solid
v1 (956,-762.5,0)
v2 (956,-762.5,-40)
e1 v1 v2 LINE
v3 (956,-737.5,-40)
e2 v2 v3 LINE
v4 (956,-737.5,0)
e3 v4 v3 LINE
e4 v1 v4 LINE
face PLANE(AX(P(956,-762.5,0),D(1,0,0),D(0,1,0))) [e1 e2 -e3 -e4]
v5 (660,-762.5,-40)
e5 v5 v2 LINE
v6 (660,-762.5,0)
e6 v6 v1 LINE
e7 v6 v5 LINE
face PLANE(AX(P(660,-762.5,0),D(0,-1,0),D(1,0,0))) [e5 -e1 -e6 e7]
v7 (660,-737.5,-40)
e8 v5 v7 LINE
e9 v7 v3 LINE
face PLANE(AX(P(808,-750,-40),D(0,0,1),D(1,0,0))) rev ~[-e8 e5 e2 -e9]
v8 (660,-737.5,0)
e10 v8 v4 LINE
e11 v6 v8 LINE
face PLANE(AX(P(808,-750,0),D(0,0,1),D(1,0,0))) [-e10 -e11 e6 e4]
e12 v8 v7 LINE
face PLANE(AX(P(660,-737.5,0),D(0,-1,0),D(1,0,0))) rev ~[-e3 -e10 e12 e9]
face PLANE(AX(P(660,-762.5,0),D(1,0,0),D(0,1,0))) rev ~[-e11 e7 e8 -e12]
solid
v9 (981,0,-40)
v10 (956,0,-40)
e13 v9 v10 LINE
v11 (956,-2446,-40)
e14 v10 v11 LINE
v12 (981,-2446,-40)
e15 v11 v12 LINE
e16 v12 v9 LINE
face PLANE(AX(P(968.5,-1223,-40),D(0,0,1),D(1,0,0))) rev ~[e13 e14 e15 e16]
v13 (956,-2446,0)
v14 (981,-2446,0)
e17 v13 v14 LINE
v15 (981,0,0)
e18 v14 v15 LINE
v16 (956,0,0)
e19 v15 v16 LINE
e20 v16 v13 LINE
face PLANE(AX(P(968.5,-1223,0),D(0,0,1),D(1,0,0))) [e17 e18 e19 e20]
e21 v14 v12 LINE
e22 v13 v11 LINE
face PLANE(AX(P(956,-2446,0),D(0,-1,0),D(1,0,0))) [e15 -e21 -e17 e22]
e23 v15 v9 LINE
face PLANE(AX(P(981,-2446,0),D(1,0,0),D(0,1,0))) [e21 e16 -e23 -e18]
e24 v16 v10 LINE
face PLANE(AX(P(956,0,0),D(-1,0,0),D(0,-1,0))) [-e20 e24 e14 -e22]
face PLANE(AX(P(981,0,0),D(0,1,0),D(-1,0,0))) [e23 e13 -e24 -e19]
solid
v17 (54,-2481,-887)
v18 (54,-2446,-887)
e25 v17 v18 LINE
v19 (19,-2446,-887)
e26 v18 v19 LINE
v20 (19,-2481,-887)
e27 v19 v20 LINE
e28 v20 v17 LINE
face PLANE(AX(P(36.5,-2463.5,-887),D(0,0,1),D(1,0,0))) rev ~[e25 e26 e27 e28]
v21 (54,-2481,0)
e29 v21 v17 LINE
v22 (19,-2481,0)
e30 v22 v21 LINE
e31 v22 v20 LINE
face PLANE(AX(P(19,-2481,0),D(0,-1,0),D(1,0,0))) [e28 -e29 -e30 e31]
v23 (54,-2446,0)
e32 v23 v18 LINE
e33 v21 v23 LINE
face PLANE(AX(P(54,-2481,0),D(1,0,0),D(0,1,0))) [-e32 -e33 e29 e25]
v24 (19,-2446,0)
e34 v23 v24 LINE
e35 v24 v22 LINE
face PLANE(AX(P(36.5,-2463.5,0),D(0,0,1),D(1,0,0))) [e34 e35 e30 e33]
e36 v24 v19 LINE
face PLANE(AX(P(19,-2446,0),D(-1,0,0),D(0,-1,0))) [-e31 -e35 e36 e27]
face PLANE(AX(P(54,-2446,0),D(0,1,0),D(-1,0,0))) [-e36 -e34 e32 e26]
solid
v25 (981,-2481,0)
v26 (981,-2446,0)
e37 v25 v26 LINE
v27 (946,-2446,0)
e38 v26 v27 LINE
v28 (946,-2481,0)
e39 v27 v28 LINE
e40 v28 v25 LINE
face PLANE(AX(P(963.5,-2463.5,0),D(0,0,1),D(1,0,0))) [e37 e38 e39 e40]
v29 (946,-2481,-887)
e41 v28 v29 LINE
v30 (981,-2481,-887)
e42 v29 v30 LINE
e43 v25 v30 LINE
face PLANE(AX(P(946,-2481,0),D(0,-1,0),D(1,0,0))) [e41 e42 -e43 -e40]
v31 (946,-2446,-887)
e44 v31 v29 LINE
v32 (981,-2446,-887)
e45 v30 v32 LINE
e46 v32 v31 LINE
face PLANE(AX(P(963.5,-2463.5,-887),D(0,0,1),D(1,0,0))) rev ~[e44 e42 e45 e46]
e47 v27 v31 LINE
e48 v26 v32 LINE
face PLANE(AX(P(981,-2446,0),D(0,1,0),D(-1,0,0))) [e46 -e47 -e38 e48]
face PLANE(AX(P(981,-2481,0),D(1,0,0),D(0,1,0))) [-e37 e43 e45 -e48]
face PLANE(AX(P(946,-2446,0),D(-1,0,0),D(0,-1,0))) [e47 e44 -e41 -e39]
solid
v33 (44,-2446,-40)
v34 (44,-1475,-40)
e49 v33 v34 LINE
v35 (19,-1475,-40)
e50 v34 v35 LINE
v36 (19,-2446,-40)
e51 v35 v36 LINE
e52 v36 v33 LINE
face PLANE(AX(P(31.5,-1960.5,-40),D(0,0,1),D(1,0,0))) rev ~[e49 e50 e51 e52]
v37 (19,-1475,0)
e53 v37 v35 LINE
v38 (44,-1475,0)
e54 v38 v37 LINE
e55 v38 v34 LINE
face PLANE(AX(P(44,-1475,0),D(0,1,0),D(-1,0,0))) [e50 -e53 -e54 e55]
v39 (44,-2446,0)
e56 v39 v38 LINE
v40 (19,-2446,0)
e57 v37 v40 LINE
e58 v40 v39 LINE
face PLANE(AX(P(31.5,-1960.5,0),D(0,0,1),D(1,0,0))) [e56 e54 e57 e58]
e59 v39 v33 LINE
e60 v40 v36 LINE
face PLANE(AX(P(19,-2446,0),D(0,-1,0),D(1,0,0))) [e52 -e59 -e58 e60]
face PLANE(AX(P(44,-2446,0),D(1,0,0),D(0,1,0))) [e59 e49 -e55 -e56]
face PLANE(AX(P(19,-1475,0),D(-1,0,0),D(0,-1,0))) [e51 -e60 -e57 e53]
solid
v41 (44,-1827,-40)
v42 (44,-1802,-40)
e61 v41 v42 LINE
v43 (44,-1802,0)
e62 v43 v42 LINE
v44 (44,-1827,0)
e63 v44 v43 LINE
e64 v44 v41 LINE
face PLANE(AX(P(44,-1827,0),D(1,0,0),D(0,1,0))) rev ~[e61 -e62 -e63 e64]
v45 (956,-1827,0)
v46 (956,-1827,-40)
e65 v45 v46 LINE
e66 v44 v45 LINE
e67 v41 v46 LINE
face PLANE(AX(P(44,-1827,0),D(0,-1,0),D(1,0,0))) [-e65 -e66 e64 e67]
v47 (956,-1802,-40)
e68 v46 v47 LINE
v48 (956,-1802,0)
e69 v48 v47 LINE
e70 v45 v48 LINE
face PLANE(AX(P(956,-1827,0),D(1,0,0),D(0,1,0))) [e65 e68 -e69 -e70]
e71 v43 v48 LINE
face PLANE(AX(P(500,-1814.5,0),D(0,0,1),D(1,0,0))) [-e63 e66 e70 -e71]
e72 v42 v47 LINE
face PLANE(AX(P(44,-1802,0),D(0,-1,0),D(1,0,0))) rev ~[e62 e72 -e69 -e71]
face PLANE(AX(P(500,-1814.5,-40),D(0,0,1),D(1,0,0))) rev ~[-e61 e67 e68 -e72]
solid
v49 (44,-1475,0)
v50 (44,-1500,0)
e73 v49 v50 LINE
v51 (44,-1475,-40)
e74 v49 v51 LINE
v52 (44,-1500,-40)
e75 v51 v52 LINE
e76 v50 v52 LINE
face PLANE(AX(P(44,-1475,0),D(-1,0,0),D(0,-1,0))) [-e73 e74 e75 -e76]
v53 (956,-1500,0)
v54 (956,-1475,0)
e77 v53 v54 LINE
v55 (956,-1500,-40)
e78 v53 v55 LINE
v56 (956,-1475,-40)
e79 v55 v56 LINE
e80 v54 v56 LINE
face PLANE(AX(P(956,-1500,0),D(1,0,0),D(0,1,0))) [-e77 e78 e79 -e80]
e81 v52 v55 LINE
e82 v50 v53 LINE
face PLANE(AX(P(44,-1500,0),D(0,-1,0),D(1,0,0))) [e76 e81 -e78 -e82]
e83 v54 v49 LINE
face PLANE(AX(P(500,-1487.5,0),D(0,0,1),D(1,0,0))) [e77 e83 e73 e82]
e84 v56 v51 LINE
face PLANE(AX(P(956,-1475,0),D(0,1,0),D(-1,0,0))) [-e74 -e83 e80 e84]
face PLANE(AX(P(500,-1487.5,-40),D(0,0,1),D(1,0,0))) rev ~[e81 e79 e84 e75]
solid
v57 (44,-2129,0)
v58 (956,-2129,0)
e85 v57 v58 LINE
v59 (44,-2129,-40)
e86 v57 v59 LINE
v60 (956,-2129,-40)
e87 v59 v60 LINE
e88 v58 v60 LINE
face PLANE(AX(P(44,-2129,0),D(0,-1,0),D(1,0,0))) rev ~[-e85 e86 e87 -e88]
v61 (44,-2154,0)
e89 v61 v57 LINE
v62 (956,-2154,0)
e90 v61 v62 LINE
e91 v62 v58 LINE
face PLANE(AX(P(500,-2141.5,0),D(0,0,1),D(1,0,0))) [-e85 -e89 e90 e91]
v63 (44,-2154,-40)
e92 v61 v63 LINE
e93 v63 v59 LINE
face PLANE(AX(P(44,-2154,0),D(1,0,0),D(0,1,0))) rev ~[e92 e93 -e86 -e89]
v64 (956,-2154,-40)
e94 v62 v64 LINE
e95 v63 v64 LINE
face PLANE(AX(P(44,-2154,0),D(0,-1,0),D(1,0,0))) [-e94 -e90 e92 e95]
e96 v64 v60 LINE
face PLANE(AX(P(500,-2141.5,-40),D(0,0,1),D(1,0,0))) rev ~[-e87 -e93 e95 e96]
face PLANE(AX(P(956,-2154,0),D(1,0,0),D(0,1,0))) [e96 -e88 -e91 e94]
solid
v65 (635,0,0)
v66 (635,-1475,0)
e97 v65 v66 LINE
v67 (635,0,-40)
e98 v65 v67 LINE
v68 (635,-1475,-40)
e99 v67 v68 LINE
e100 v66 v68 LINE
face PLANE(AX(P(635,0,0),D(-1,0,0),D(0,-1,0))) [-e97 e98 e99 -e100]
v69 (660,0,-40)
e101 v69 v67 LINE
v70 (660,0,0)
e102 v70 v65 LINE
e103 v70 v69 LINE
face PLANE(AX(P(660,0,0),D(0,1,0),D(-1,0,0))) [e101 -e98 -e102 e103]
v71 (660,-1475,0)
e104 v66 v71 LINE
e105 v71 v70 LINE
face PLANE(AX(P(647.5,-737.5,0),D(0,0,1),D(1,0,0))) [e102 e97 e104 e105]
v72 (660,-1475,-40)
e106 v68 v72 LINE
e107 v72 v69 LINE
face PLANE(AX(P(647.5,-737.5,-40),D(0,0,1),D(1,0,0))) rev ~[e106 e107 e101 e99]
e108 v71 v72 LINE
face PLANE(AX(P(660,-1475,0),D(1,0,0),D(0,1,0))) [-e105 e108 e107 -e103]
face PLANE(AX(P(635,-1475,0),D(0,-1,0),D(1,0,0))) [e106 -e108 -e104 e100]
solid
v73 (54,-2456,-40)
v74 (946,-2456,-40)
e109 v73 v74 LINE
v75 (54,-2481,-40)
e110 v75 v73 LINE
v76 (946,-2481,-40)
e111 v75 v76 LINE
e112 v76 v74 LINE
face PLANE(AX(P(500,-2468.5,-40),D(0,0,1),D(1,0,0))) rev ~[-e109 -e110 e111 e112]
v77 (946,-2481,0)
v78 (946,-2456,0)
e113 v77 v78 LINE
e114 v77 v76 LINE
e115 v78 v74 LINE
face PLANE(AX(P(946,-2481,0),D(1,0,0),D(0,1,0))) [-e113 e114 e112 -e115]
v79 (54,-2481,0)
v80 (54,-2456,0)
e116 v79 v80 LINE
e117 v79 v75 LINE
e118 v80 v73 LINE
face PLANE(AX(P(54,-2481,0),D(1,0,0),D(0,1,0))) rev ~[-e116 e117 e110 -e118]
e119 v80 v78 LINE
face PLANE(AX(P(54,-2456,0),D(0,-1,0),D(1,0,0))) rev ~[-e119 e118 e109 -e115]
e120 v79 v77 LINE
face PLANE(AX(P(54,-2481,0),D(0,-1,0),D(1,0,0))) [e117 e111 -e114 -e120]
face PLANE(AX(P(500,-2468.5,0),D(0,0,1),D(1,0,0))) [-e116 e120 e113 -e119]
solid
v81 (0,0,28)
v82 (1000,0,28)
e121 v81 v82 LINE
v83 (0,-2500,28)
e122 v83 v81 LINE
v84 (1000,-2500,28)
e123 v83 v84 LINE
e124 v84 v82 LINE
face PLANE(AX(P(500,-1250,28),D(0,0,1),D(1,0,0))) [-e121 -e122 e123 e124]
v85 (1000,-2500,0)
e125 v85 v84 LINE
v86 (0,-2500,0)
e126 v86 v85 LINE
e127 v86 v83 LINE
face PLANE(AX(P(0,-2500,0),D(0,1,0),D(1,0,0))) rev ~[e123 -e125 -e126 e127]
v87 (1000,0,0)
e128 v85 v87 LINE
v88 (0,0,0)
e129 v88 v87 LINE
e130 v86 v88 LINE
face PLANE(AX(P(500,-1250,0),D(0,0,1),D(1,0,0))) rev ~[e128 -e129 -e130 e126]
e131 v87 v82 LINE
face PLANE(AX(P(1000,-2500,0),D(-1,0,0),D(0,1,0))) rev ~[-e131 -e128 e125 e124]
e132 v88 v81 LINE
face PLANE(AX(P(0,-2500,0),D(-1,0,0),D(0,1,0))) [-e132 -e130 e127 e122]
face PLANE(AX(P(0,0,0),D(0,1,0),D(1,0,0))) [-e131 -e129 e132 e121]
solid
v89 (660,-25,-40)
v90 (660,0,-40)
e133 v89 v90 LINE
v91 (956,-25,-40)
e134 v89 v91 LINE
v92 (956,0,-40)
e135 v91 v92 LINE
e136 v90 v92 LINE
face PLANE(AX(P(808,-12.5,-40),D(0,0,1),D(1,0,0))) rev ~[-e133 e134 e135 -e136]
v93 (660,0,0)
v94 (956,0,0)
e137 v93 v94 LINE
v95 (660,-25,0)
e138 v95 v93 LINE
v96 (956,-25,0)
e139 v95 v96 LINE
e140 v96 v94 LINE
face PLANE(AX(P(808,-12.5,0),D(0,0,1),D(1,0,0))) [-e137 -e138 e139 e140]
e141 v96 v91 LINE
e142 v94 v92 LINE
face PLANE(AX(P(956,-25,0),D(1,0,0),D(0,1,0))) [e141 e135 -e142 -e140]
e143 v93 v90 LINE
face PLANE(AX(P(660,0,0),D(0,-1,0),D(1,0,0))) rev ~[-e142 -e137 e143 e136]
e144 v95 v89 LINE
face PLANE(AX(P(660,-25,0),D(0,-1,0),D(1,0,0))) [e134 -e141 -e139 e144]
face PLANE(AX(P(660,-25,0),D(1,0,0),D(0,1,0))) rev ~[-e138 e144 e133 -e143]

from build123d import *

# Parameters (mm, degrees)
F0_W      = 1000
F0_H      = 2500
F1_DEPTH  = 28
F3_DEPTH  = 40
F4_DEPTH  = 40
F5_DEPTH  = 40
F2_W      = 296
F2_H      = 25
F6_DEPTH  = 40
F7_DEPTH  = 40
F2_W_2    = 912
F8_DEPTH  = 40
F9_DEPTH  = 40
F10_DEPTH = 40
F11_DEPTH = 887
F12_DEPTH = 887
F2_W_3    = 892
F13_DEPTH = 40


with BuildPart() as f1:
    # F0 (on Top) → F1 (new body)
    with BuildSketch(Plane.XY):
        with Locations((500, -1250)):
            Rectangle(F0_W, F0_H)
    extrude(amount=F1_DEPTH)


with BuildPart() as f3:
    # F2 (on Top) → F3 (new body)
    with BuildSketch(Plane.XY):
        Polygon((660, 0), (635, 0), (635, -1475), (660, -1475), (660, -762.5), (660, -737.5), (660, -25), align=None)
    extrude(amount=-F3_DEPTH)


with BuildPart() as f4:
    # F2 (on Top) → F4 (new body)
    with BuildSketch(Plane.XY):
        Polygon((981, 0), (956, 0), (956, -25), (956, -737.5), (956, -762.5), (956, -1475), (956, -1500), (956, -1802), (956, -1827), (956, -2129), (956, -2154), (956, -2446), (981, -2446), align=None)
    extrude(amount=-F4_DEPTH)


with BuildPart() as f5:
    # F2 (on Top) → F5 (new body)
    with BuildSketch(Plane.XY):
        Polygon((660, -1475), (635, -1475), (44, -1475), (44, -1500), (956, -1500), (956, -1475), align=None)
    extrude(amount=-F5_DEPTH)


with BuildPart() as f6:
    # F2 (on Top) → F6 (new body)
    with BuildSketch(Plane.XY):
        with Locations((808, -12.5)):
            Rectangle(F2_W, F2_H)
    extrude(amount=-F6_DEPTH)


with BuildPart() as f7:
    # F2 (on Top) → F7 (new body)
    with BuildSketch(Plane.XY):
        with Locations((808, -750)):
            Rectangle(F2_W, F2_H)
    extrude(amount=-F7_DEPTH)


with BuildPart() as f8:
    # F2 (on Top) → F8 (new body)
    with BuildSketch(Plane.XY):
        with Locations((500, -1814.5)):
            Rectangle(F2_W_2, F2_H)
    extrude(amount=-F8_DEPTH)


with BuildPart() as f9:
    # F2 (on Top) → F9 (new body)
    with BuildSketch(Plane.XY):
        with Locations((500, -2141.5)):
            Rectangle(F2_W_2, F2_H)
    extrude(amount=-F9_DEPTH)


with BuildPart() as f10:
    # F2 (on Top) → F10 (new body)
    with BuildSketch(Plane.XY):
        Polygon((44, -1500), (44, -1475), (19, -1475), (19, -2446), (44, -2446), (44, -2154), (44, -2129), (44, -1827), (44, -1802), align=None)
    extrude(amount=-F10_DEPTH)


with BuildPart() as f11:
    # F2 (on Top) → F11 (new body)
    with BuildSketch(Plane.XY):
        Polygon((981, -2481), (981, -2446), (956, -2446), (946, -2446), (946, -2456), (946, -2481), align=None)
    extrude(amount=-F11_DEPTH)


with BuildPart() as f12:
    # F2 (on Top) → F12 (new body, through all)
    with BuildSketch(Plane.XY):
        Polygon((44, -2446), (19, -2446), (19, -2481), (54, -2481), (54, -2456), (54, -2446), align=None)
    extrude(amount=-F12_DEPTH)


with BuildPart() as f13:
    # F2 (on Top) → F13 (new body)
    with BuildSketch(Plane.XY):
        with Locations((500, -2468.5)):
            Rectangle(F2_W_3, F2_H)
    extrude(amount=-F13_DEPTH)


solid = Compound([f1.part, f3.part, f4.part, f5.part, f6.part, f7.part, f8.part, f9.part, f10.part, f11.part, f12.part, f13.part])
